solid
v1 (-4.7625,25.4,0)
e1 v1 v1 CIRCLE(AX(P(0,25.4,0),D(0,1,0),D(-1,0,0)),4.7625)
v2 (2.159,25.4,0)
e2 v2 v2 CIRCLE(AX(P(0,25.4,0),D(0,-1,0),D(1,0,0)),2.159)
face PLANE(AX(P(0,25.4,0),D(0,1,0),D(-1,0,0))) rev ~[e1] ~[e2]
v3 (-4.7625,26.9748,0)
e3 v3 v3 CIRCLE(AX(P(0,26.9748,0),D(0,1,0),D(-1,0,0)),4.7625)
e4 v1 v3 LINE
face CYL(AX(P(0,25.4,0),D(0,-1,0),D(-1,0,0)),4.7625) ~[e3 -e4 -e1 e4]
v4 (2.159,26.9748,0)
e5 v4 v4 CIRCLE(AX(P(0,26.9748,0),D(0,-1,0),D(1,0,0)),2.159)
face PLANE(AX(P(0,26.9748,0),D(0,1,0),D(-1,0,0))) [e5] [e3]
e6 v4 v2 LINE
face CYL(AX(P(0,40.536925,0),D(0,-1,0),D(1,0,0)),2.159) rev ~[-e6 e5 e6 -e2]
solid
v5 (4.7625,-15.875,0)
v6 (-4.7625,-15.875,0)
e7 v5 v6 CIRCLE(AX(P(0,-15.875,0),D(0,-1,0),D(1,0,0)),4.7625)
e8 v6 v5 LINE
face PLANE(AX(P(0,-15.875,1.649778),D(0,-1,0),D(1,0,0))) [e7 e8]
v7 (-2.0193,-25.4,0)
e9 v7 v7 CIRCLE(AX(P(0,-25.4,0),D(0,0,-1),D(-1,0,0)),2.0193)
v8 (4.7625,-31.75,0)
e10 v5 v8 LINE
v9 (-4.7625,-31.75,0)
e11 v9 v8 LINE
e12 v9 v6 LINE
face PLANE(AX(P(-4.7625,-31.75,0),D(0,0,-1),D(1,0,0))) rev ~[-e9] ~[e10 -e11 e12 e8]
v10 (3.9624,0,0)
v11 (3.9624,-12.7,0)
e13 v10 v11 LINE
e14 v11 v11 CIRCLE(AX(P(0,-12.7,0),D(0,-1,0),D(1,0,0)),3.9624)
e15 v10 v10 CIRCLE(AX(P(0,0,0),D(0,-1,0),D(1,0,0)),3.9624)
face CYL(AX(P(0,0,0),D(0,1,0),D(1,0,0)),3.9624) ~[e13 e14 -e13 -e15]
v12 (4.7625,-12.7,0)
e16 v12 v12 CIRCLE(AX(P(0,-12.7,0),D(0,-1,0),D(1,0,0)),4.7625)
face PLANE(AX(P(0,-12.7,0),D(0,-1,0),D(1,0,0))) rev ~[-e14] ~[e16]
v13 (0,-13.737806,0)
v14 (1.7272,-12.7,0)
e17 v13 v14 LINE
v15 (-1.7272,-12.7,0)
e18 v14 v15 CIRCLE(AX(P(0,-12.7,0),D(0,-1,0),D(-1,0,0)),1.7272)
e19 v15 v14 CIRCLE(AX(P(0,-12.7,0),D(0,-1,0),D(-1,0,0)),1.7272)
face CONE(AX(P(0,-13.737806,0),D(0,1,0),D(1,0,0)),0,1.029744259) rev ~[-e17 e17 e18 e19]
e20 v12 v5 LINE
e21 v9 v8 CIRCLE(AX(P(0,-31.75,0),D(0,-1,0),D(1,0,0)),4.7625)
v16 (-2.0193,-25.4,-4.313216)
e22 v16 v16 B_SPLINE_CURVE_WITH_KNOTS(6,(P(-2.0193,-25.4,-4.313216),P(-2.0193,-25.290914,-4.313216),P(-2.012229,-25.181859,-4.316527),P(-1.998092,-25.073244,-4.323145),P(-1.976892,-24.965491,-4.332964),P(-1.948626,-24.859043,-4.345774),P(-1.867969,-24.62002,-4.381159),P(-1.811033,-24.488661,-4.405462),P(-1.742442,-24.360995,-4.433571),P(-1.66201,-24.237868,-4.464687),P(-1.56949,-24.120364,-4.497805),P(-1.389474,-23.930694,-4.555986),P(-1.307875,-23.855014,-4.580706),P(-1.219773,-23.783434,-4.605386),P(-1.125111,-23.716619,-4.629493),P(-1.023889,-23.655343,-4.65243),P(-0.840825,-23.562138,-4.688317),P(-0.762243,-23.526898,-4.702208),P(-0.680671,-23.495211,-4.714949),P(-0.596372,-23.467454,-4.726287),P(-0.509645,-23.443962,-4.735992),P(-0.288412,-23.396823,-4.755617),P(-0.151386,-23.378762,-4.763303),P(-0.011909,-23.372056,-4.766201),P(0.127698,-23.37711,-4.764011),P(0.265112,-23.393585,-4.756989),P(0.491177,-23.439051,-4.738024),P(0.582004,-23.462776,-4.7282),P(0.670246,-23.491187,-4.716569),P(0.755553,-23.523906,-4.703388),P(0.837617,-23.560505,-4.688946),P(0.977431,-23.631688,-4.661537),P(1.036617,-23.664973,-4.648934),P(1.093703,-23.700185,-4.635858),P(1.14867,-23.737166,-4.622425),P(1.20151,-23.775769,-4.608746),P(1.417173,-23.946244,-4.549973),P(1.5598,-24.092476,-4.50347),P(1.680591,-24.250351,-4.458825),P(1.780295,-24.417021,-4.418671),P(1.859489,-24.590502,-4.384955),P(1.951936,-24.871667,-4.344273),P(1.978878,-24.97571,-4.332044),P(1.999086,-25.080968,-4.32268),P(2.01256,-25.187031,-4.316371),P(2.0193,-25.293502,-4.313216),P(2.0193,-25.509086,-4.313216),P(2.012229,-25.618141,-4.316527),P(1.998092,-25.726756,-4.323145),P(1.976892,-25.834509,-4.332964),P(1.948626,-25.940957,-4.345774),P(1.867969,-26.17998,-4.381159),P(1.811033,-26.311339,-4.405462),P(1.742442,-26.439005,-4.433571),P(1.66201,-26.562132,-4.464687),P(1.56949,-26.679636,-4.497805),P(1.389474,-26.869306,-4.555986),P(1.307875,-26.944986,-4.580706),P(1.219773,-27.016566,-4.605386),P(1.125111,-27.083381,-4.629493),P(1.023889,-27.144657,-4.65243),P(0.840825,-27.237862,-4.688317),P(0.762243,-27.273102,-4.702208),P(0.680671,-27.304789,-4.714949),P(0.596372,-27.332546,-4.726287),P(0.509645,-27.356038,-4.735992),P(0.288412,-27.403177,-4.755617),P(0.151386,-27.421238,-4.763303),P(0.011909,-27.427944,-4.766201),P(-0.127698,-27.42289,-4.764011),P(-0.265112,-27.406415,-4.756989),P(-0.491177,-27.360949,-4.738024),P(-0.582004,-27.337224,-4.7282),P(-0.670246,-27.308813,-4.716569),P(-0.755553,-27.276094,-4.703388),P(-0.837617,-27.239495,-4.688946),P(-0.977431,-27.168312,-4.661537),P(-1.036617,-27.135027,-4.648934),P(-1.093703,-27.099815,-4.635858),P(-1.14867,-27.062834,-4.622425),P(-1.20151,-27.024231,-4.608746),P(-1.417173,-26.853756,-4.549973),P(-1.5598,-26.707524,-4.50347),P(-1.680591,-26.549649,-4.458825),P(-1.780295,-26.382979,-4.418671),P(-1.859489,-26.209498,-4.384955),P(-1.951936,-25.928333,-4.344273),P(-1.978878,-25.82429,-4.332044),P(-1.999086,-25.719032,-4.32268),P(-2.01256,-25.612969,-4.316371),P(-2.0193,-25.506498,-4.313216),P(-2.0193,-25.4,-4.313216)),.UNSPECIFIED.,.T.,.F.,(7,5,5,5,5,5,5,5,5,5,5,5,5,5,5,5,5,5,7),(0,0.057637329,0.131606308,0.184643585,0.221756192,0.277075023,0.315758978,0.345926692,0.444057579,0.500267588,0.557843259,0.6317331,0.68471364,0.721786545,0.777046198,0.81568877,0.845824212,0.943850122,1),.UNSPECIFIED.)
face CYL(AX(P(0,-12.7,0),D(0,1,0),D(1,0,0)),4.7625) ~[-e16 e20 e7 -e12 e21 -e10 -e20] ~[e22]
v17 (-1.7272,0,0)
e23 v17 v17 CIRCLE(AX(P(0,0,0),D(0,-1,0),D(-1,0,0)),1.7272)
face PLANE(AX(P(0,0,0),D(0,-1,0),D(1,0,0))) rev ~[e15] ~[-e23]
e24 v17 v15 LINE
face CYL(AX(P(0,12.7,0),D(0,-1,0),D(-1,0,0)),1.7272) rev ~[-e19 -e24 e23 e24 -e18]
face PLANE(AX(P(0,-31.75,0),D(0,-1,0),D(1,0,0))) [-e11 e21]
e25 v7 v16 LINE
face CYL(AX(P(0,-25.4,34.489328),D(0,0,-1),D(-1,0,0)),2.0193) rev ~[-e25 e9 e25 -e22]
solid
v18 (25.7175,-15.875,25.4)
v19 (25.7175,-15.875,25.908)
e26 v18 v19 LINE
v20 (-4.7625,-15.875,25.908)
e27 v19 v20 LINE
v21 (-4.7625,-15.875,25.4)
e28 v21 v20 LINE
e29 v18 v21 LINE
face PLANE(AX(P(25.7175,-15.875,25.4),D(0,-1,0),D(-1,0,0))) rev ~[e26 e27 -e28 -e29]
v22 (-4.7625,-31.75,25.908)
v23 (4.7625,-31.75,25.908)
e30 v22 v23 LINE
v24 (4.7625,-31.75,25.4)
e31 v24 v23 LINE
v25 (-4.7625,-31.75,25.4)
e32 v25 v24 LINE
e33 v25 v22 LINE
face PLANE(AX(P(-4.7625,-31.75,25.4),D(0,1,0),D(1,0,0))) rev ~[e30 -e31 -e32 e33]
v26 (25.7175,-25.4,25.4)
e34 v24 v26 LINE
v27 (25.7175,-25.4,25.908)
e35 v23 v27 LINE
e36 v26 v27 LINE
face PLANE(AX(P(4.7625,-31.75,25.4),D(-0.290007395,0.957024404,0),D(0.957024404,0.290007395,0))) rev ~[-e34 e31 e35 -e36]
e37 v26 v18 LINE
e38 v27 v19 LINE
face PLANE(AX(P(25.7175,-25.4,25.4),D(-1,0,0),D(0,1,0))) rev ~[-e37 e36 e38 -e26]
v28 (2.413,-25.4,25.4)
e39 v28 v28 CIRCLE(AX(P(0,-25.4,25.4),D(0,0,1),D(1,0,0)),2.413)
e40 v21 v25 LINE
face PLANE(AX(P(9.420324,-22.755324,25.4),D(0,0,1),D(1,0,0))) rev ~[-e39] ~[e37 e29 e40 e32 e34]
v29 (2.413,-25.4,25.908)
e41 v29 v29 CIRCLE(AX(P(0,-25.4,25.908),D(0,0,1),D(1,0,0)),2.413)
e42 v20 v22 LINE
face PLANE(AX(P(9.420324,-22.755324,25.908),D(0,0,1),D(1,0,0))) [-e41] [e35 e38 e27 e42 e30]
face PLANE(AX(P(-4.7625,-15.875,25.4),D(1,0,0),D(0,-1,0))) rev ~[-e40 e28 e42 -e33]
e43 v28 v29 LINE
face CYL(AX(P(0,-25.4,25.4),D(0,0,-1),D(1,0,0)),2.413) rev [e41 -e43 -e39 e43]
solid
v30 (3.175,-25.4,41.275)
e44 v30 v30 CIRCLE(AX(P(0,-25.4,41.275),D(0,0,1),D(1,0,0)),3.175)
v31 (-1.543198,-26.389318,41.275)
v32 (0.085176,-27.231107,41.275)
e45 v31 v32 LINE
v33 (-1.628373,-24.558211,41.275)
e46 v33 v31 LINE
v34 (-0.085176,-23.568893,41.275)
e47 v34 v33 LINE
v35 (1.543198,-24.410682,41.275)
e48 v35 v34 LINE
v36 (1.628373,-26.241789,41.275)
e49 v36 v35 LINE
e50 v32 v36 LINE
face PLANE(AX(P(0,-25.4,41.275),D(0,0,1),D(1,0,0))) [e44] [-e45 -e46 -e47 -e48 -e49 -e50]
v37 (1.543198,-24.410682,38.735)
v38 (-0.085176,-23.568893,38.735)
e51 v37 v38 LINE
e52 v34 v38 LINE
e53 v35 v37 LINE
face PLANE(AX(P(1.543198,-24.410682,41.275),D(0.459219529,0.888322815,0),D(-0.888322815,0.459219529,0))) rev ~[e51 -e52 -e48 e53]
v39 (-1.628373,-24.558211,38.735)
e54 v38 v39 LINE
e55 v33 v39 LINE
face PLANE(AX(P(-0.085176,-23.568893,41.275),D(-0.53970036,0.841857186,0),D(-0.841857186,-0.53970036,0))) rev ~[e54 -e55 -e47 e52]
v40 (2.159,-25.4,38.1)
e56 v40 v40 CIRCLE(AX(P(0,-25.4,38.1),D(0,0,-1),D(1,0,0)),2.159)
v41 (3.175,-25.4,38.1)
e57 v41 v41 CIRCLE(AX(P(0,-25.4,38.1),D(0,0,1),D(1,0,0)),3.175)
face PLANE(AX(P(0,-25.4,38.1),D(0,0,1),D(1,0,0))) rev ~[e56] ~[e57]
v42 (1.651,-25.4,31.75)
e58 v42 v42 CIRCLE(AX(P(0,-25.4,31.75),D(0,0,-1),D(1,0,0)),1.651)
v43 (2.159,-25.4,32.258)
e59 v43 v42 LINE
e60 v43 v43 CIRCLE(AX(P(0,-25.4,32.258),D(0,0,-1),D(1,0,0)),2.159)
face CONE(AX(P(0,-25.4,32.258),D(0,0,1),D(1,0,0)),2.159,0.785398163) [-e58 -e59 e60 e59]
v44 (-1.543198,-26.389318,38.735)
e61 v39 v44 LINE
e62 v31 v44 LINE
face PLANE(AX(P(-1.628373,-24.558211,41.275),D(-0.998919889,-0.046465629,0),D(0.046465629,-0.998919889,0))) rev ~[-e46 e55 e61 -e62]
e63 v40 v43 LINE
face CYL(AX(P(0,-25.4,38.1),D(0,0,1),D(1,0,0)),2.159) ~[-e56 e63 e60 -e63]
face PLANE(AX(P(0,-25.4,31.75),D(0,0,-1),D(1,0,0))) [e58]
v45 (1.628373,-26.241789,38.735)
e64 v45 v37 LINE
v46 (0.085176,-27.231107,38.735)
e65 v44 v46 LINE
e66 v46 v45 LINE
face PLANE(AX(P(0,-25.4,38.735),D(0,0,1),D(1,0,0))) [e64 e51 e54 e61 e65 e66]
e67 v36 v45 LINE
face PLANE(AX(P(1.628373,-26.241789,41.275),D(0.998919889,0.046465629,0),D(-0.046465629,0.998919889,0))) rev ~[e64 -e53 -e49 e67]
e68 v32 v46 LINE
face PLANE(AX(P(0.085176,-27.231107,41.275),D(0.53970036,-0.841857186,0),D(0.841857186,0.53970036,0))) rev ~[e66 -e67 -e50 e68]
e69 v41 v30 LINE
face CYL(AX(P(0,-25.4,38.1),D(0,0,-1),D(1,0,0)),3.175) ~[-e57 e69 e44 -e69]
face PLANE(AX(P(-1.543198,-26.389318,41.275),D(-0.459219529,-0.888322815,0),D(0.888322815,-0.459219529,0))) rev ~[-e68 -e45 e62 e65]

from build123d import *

# Parameters (mm, degrees)
F0_R      = 3.9624
F1_DEPTH  = 12.7
F2_R      = 4.7625
F2_R_2    = 3.9624
F3_DEPTH  = 19.05
F5_D      = 3.4544
F5_DEPTH  = 12.7
F5_TIP    = 1.0378064612
F7_DEPTH  = 15.875
F9_D      = 4.0386
F11_R     = 2.413
F12_DEPTH = 0.508
F14_R     = 4.7625
F15_DEPTH = 1.5748
F17_D     = 4.318
F19_R     = 3.175
F20_DEPTH = 3.175
F22_DEPTH = 2.54
F23_R     = 2.159
F24_DEPTH = 6.35
F25_SIZE  = 0.508


with BuildPart() as f1:
    # F0 (on Front) → F1 (new body)
    with BuildSketch(Plane.XZ):
        Circle(F0_R)
    extrude(amount=F1_DEPTH)

    # F2 (on face) → F3 (join)
    with BuildSketch(Plane.XZ.offset(12.7)):
        Circle(F2_R)
        Circle(F2_R_2, mode=Mode.SUBTRACT)
        Circle(F2_R_2)
    extrude(amount=F3_DEPTH)

    # F5
    with Locations(Plane(origin=(0, 0, 0), x_dir=(1, 0, 0), z_dir=(0, 1, 0))):
        with Locations((0, 0)):
            Hole(F5_D / 2, depth=F5_DEPTH)
            with Locations((0, 0, -(F5_DEPTH + F5_TIP / 2))):  # 118° drill point
                Cone(0, F5_D / 2, F5_TIP, mode=Mode.SUBTRACT)

    # F6 (on face) → F7 (cut)
    with BuildSketch(Plane.XZ.offset(31.75)):
        with BuildLine():
            Line((-4.7625, 0), (4.7625, 0))
            ThreePointArc((4.7625, 0), (0, 4.7625), (-4.7625, 0))
        make_face()
    extrude(amount=-F7_DEPTH, mode=Mode.SUBTRACT)

    # F9 (through all)
    with Locations(Plane.XY):
        with Locations((0, -25.4)):
            Hole(F9_D / 2)


with BuildPart() as f12:
    # F11 (on offset) → F12 (new body)
    with BuildSketch(Plane.XY.offset(25.4)):
        Polygon((25.7175, -15.875), (-4.7625, -15.875), (-4.7625, -31.75), (4.7625, -31.75), (25.7175, -25.4), align=None)
        with Locations((0, -25.4)):
            Circle(F11_R, mode=Mode.SUBTRACT)
    extrude(amount=F12_DEPTH)


with BuildPart() as f15:
    # F14 (on offset) → F15 (new body)
    with BuildSketch(Plane(origin=(0, 25.4, 0), x_dir=(-1, 0, 0), z_dir=(0, 1, 0))):
        Circle(F14_R)
    extrude(amount=F15_DEPTH)

    # F17 (through all)
    with Locations(Plane(origin=(0, 26.9748, 0), x_dir=(-1, 0, 0), z_dir=(0, 1, 0))):
        with Locations((0, 0)):
            Hole(F17_D / 2)


with BuildPart() as f20:
    # F19 (on offset) → F20 (new body)
    with BuildSketch(Plane.XY.offset(38.1)):
        with Locations((0, -25.4)):
            Circle(F19_R)
    extrude(amount=F20_DEPTH)

    # F21 (on face) → F22 (cut)
    with BuildSketch(Plane.XY.offset(41.275)):
        Polygon((-1.5431975512, -26.3893177707), (0.0851755462, -27.2311071677), (1.6283730974, -26.241789397), (1.5431975512, -24.4106822293), (-0.0851755462, -23.5688928323), (-1.6283730974, -24.558210603), align=None)
    extrude(amount=-F22_DEPTH, mode=Mode.SUBTRACT)

    # F23 (on face) → F24 (join)
    with BuildSketch(Plane(origin=(0, 0, 38.1), x_dir=(1, 0, 0), z_dir=(0, 0, -1))):
        with Locations((0, 25.4)):
            Circle(F23_R)
    extrude(amount=F24_DEPTH)

    # F25
    f25_edges = [f20.edges().sort_by_distance(p)[0] for p in [
        (-2.159, -25.4, 31.75),
    ]]
    chamfer(f25_edges, length=F25_SIZE)


solid = Compound([f1.part, f12.part, f15.part, f20.part])
